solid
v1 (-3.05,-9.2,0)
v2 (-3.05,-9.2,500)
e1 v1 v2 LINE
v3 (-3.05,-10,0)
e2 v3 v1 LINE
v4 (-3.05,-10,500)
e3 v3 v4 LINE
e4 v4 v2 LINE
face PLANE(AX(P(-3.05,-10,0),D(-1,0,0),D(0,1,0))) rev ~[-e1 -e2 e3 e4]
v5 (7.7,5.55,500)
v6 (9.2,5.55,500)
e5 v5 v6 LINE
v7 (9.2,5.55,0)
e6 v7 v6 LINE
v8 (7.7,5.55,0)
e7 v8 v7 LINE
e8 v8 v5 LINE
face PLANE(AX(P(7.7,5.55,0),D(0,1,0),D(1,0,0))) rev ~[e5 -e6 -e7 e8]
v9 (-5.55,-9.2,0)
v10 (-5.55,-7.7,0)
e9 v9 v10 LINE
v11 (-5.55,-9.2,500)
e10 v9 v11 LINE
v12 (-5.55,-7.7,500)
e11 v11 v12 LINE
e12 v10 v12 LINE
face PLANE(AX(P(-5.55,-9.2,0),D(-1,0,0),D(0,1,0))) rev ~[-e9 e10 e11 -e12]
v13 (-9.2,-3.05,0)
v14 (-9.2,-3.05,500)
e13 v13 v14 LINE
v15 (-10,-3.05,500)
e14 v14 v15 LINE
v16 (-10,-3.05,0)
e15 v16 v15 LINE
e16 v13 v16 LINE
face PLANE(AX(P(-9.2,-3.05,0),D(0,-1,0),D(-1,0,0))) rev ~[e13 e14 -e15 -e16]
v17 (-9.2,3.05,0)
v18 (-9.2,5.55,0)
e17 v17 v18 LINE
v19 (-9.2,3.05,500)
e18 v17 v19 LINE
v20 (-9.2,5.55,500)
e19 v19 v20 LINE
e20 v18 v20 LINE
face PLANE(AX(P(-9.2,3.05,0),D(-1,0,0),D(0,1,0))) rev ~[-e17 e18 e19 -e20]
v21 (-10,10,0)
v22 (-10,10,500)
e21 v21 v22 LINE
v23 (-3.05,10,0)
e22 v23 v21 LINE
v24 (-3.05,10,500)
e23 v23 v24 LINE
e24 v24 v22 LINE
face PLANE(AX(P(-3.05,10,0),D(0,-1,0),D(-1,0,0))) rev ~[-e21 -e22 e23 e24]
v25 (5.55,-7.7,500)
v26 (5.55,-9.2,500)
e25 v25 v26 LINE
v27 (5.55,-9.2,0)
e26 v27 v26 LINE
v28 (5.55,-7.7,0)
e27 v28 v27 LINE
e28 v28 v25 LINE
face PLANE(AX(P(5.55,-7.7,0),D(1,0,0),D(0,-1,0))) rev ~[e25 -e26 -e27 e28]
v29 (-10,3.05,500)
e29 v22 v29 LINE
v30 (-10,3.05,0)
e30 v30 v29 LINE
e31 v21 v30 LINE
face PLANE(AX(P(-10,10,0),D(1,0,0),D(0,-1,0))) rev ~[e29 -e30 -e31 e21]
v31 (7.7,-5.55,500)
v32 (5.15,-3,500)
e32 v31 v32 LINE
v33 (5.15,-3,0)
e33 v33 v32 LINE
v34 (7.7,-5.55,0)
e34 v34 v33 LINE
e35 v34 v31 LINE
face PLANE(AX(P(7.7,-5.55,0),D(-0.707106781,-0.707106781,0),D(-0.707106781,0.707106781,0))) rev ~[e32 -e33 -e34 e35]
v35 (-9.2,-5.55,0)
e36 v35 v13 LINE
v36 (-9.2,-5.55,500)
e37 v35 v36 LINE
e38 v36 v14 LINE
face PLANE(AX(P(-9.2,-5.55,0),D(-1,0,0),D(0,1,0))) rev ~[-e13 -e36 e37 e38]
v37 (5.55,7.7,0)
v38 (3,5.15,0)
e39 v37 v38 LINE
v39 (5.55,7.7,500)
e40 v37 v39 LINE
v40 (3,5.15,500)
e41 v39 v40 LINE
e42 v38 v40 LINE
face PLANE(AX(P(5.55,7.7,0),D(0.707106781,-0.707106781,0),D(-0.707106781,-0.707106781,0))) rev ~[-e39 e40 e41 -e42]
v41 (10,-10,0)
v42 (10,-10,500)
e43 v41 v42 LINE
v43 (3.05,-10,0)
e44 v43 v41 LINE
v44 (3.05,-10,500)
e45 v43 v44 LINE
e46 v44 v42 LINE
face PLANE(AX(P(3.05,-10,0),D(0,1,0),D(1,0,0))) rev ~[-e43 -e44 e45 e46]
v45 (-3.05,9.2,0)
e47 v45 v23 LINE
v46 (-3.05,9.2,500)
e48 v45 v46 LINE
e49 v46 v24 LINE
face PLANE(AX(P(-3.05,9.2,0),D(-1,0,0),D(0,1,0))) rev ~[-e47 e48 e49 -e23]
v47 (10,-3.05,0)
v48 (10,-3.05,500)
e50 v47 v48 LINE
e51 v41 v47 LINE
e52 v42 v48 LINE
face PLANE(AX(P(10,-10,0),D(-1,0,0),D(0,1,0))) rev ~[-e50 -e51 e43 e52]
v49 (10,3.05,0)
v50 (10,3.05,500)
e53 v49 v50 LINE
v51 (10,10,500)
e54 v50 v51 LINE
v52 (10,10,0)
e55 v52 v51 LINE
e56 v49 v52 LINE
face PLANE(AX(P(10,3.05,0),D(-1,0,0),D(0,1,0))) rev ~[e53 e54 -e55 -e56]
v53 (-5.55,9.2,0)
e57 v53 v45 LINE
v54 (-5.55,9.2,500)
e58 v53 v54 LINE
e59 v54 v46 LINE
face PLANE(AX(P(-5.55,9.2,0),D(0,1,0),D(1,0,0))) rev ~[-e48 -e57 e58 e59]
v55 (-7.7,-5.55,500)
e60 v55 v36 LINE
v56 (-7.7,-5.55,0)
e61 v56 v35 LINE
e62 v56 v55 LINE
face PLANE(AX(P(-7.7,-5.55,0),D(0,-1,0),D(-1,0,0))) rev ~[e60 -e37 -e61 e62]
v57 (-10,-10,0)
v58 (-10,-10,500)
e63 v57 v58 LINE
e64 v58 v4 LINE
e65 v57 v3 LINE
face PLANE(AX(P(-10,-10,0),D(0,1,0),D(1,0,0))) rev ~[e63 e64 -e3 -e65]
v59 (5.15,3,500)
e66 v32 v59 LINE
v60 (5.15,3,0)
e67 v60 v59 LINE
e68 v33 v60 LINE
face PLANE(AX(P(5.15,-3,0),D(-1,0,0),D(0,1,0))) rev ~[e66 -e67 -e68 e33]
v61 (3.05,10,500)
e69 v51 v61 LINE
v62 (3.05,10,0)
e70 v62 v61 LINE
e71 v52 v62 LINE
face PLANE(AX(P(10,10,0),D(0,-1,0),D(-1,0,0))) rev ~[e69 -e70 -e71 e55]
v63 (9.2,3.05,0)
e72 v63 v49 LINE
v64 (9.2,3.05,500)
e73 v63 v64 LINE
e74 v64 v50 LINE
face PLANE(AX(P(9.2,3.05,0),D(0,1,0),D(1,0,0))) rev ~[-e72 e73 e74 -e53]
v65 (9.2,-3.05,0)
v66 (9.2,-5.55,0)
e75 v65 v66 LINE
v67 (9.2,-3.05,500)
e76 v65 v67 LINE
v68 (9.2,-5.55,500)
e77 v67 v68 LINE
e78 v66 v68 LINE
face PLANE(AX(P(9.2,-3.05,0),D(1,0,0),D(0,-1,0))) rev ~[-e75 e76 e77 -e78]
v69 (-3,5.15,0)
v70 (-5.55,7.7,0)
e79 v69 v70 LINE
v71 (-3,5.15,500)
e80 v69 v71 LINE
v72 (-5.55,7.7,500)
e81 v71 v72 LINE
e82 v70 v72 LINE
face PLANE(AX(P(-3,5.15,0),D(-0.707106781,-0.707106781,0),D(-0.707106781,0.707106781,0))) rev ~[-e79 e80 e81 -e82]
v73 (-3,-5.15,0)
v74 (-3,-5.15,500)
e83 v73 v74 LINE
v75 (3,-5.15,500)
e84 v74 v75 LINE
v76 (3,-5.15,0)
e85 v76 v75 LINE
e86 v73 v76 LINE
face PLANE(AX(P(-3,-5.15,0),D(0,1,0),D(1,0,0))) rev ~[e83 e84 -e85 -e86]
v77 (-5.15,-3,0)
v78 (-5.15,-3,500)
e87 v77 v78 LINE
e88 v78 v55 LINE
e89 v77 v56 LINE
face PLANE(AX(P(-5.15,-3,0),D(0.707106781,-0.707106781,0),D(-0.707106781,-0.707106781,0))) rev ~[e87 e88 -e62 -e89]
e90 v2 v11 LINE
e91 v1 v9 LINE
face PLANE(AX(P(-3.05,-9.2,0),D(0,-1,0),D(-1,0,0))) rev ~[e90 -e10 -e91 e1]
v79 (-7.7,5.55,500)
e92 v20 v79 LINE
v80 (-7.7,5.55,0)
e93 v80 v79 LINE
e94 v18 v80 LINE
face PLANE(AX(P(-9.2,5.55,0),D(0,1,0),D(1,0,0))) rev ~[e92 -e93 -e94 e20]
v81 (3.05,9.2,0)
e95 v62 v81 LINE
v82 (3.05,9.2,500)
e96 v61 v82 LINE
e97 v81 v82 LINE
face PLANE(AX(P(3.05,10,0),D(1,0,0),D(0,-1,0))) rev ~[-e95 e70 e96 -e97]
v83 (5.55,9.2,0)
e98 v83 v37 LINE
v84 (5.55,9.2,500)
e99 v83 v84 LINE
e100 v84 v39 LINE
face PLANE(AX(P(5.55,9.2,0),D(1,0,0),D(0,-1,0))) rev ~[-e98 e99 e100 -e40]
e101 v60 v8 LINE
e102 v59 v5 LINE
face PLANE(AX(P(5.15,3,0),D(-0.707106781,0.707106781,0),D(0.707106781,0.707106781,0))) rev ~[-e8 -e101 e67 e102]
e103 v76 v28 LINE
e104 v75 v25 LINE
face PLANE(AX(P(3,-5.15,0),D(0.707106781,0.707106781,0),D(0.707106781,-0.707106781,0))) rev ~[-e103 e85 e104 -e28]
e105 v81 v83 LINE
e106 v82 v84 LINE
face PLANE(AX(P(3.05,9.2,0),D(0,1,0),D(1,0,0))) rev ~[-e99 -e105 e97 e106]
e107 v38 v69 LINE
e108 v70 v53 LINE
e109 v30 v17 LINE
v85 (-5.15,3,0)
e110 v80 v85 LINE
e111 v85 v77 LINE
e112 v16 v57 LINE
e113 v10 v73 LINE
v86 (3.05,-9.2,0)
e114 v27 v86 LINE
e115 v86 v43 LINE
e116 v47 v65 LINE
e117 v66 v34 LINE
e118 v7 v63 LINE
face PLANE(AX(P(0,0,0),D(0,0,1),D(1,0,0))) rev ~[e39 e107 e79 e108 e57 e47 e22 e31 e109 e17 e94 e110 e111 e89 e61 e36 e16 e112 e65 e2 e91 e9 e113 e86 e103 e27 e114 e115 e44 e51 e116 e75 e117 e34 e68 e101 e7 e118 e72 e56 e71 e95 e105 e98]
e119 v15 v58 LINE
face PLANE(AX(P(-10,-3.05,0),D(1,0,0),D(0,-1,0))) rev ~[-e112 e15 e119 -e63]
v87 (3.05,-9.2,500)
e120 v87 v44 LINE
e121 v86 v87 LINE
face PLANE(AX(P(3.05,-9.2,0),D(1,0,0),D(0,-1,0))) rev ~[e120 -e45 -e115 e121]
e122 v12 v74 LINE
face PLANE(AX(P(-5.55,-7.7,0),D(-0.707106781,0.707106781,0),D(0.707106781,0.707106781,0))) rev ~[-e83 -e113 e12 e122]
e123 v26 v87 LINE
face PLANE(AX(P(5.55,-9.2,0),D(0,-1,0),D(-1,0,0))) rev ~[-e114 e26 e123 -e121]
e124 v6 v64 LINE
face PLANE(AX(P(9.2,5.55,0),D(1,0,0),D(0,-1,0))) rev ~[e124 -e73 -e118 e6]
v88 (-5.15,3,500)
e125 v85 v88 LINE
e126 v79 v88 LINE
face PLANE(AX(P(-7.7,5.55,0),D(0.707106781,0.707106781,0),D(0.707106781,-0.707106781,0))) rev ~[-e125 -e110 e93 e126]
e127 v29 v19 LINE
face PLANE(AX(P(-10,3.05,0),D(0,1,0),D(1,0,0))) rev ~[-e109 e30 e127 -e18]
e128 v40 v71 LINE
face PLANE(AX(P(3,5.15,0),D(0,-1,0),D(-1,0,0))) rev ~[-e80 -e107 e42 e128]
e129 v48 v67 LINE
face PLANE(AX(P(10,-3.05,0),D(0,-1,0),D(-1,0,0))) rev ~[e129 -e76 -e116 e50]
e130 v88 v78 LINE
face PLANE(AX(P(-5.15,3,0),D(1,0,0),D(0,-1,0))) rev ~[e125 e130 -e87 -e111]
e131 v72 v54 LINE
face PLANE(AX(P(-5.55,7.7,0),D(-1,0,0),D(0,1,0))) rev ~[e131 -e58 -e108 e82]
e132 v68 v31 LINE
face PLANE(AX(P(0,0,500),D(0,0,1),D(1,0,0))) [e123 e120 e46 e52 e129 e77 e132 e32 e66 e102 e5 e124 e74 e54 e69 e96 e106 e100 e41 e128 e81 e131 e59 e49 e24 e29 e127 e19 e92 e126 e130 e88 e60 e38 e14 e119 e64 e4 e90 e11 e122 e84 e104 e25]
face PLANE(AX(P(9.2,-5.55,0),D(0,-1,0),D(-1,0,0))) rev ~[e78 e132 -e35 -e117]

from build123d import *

# Parameters (mm, degrees)
EXTRUDE_1_DEPTH = 500


with BuildPart() as part:
    # 草图1 → 凸台-拉伸1 (new body)
    with BuildSketch(Plane.XY):
        Polygon((-10, -3.05), (-10, -10), (-3.05, -10), (-3.05, -9.2), (-5.55, -9.2), (-5.55, -7.7), (-3, -5.15), (3, -5.15), (5.55, -7.7), (5.55, -9.2), (3.05, -9.2), (3.05, -10), (10, -10), (10, -3.05), (9.2, -3.05), (9.2, -5.55), (7.7, -5.55), (5.15, -3), (5.15, 3), (7.7, 5.55), (9.2, 5.55), (9.2, 3.05), (10, 3.05), (10, 10), (3.05, 10), (3.05, 9.2), (5.55, 9.2), (5.55, 7.7), (3, 5.15), (-3, 5.15), (-5.55, 7.7), (-5.55, 9.2), (-3.05, 9.2), (-3.05, 10), (-10, 10), (-10, 3.05), (-9.2, 3.05), (-9.2, 5.55), (-7.7, 5.55), (-5.15, 3), (-5.15, -3), (-7.7, -5.55), (-9.2, -5.55), (-9.2, -3.05), align=None)
    extrude(amount=EXTRUDE_1_DEPTH)


solid = part.part
